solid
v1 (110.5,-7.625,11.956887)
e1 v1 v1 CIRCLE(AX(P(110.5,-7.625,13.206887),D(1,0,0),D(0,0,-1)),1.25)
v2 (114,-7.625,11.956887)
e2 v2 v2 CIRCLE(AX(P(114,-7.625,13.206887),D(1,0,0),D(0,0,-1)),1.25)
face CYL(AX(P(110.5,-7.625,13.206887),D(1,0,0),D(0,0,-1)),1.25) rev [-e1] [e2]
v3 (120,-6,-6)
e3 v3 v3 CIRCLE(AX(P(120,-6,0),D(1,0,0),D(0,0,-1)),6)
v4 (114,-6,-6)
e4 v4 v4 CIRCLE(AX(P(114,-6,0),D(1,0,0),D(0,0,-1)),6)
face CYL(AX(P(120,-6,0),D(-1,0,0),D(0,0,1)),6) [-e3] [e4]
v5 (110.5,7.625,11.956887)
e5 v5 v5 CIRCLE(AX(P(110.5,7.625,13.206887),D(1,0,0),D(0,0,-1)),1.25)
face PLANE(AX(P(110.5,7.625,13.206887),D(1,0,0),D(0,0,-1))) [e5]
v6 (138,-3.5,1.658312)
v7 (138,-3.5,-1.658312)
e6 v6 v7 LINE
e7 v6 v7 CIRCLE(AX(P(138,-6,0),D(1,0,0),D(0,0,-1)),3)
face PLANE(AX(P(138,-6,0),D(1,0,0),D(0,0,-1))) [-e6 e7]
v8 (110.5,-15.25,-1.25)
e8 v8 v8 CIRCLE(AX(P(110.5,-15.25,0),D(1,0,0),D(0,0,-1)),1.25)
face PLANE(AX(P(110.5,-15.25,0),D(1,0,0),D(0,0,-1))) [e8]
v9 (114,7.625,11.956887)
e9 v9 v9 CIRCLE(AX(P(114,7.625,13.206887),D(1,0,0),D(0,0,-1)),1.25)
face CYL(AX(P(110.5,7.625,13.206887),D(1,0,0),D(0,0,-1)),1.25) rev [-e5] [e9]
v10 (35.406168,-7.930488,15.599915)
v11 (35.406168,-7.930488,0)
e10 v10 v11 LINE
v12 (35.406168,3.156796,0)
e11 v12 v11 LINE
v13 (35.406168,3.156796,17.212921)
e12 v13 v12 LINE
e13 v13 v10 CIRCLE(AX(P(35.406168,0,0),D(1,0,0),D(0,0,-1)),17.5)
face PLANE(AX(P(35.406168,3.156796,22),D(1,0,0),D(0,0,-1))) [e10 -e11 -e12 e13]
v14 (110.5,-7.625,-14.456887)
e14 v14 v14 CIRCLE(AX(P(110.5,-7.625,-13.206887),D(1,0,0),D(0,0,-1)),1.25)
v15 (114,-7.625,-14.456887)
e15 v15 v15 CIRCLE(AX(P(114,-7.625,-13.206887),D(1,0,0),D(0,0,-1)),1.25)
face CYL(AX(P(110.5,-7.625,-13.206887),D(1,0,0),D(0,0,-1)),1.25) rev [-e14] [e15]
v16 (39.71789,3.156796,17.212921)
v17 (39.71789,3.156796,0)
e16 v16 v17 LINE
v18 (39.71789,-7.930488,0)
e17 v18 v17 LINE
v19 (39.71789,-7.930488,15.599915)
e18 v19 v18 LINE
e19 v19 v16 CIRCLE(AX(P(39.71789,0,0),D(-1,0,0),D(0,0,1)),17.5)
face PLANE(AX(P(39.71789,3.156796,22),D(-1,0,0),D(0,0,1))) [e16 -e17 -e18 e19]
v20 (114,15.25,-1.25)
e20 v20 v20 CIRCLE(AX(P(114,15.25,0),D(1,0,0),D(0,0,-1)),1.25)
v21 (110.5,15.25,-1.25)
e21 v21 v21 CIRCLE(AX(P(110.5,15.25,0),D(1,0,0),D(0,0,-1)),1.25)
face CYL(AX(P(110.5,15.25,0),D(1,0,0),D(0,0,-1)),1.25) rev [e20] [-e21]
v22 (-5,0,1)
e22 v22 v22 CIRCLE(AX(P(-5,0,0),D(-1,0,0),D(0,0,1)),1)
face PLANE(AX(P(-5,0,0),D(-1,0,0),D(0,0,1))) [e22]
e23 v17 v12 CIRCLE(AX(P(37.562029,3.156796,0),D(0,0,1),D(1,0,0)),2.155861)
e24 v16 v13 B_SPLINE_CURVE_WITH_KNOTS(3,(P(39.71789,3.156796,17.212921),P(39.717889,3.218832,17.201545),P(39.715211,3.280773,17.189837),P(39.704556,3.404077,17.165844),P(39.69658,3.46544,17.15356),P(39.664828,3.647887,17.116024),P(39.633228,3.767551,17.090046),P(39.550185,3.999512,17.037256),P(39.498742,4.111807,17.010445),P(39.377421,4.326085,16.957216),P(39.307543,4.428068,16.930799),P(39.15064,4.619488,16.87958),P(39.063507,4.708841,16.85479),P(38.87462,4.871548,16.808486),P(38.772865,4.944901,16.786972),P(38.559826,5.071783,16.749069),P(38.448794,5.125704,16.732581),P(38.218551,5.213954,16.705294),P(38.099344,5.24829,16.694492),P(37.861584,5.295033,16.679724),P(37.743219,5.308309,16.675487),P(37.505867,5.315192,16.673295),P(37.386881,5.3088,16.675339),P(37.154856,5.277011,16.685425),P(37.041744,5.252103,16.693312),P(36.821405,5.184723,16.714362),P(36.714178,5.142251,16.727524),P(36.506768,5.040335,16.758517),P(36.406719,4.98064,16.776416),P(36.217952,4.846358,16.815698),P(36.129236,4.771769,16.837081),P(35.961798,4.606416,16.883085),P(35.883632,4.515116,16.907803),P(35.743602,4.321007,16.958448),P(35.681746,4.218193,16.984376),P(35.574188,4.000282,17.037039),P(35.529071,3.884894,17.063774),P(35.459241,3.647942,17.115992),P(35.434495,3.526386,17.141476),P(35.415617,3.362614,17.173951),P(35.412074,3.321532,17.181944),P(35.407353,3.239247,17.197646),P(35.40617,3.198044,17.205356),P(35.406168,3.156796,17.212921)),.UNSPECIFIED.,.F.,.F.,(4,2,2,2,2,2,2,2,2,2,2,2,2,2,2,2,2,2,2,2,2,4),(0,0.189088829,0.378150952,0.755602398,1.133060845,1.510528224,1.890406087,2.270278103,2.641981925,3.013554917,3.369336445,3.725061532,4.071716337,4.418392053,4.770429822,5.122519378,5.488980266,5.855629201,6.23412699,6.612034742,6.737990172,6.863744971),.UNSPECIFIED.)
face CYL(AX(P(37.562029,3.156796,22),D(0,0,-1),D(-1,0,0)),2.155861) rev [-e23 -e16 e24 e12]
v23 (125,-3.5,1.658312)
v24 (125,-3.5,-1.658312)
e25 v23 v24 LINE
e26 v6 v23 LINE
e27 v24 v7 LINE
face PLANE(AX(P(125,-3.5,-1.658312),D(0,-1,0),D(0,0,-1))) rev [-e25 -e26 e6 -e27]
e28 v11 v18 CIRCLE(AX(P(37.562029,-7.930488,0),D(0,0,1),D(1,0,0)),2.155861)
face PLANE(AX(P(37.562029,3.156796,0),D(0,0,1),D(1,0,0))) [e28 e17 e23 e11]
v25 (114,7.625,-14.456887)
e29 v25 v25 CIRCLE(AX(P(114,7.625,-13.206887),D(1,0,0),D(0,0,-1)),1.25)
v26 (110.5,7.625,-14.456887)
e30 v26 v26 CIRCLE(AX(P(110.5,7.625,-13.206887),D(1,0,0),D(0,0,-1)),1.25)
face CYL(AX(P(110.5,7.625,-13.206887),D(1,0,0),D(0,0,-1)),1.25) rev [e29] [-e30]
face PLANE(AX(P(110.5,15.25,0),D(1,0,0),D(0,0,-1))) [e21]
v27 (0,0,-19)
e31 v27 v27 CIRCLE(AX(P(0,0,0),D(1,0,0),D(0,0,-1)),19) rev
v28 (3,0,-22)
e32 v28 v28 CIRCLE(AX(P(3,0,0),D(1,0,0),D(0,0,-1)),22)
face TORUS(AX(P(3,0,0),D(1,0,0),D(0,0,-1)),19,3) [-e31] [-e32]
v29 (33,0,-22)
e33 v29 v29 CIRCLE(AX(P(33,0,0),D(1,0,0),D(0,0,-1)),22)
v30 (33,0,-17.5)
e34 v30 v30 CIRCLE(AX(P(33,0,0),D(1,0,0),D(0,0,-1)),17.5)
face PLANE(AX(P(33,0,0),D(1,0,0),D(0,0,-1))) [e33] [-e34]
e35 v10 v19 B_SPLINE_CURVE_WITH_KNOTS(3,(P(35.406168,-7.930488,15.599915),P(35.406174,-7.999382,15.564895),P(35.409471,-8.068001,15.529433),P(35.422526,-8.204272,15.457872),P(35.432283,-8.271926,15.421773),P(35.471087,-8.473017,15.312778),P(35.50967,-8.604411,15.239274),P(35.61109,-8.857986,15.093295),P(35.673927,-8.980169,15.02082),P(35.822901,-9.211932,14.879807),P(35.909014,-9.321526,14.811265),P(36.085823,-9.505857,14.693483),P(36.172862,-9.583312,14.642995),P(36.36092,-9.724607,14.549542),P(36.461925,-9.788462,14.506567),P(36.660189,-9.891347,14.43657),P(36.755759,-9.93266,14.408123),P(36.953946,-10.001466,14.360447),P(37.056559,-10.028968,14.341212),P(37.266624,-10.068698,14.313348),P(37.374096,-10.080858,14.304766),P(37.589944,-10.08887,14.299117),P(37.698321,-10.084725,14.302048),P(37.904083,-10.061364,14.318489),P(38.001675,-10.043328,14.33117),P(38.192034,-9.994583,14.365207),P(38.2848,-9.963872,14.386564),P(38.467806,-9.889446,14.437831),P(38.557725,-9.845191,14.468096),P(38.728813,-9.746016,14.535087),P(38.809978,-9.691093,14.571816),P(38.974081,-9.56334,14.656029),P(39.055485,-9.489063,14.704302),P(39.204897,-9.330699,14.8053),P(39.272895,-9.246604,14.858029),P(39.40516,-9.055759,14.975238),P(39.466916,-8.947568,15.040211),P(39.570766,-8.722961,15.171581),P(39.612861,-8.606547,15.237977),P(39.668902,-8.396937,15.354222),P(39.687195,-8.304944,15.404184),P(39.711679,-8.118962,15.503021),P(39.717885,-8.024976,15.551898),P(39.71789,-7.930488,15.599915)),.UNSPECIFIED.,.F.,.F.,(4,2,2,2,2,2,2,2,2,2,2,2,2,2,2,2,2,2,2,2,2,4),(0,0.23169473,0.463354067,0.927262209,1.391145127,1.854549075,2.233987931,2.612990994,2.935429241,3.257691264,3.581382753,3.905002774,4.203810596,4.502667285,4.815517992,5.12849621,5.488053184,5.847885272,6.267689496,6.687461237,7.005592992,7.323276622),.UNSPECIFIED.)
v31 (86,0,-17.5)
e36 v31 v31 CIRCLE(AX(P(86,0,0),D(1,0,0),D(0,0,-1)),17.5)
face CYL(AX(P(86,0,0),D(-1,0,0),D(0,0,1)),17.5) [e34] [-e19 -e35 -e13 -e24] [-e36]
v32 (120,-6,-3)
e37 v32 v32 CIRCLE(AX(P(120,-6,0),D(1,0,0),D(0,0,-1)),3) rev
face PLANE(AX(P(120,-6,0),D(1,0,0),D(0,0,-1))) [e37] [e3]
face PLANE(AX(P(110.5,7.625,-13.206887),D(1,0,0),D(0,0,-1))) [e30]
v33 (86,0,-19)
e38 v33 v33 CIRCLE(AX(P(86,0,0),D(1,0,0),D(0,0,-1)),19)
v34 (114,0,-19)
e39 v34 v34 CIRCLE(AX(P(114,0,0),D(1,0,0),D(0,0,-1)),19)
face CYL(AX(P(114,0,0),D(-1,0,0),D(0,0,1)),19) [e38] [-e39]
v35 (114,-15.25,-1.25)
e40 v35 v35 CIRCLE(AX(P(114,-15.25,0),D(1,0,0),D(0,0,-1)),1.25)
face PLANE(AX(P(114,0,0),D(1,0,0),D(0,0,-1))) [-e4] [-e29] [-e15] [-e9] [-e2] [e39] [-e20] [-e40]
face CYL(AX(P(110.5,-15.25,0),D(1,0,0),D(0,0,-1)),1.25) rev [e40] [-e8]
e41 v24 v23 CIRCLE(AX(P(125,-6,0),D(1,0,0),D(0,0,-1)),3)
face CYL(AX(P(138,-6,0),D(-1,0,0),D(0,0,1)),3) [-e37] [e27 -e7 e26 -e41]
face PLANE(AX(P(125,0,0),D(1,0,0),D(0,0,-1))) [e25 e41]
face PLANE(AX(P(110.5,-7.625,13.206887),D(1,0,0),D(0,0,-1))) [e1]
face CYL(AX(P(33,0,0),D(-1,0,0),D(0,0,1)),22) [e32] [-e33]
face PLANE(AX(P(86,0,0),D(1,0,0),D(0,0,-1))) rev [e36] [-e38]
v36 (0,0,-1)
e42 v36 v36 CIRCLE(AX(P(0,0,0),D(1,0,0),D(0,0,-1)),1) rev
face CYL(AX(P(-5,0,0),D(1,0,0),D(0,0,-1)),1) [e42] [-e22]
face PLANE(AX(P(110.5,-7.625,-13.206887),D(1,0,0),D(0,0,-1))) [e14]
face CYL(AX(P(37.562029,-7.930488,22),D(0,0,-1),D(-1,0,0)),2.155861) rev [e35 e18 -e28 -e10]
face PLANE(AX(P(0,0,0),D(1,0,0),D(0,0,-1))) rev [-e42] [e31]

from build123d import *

# Parameters (mm, degrees)
SKETCH1_R           = 22
BOSS_EXTRUDE1_DEPTH = 33
SKETCH2_R           = 17.5
BOSS_EXTRUDE2_DEPTH = 53
SKETCH4_R           = 19
BOSS_EXTRUDE3_DEPTH = 28
CUT_EXTRUDE1_DEPTH  = 119.169369974
SKETCH13_R          = 1.25
CUT_EXTRUDE2_DEPTH  = 3.5
SKETCH15_R          = 6
BOSS_EXTRUDE4_DEPTH = 6
SKETCH16_R          = 3
BOSS_EXTRUDE5_DEPTH = 24
CUT_EXTRUDE3_DEPTH  = 13
FILLET1_R           = 3
SKETCH18_R          = 1
BOSS_EXTRUDE6_DEPTH = 5


with BuildPart() as part:
    # Sketch1 → Boss-Extrude1 (new body)
    with BuildSketch(Plane(origin=(0, 0, 0), x_dir=(0, 0, -1), z_dir=(1, 0, 0))):
        Circle(SKETCH1_R)
    extrude(amount=BOSS_EXTRUDE1_DEPTH)

    # Sketch2 → Boss-Extrude2 (add)
    with BuildSketch(Plane(origin=(33, 0, 0), x_dir=(0, 0, -1), z_dir=(1, 0, 0))):
        Circle(SKETCH2_R)
    extrude(amount=BOSS_EXTRUDE2_DEPTH)

    # Sketch4 → Boss-Extrude3 (add)
    with BuildSketch(Plane(origin=(86, 0, 0), x_dir=(0, 0, -1), z_dir=(1, 0, 0))):
        Circle(SKETCH4_R)
    extrude(amount=BOSS_EXTRUDE3_DEPTH)

    # Sketch12 → Cut-Extrude1 (cut, through all)
    with BuildSketch(Plane.XY):
        with BuildLine():
            Line((39.717889668, 3.156796221), (39.717889668, -7.930488068))
            ThreePointArc((39.717889668, -7.930488068), (37.562028834, -10.086348902), (35.406168, -7.930488068))
            Line((35.406168, -7.930488068), (35.406168, 3.156796221))
            ThreePointArc((35.406168, 3.156796221), (37.562028834, 5.312657055), (39.717889668, 3.156796221))
        make_face()
    extrude(amount=CUT_EXTRUDE1_DEPTH, mode=Mode.SUBTRACT)

    # Sketch13 → Cut-Extrude2 (cut)
    with BuildSketch(Plane(origin=(114, 0, 0), x_dir=(0, 0, -1), z_dir=(1, 0, 0))):
        with Locations((0, 15.25)):
            Circle(SKETCH13_R)
        with Locations((13.206887408, 7.625)):
            Circle(SKETCH13_R)
        with Locations((13.206887408, -7.625)):
            Circle(SKETCH13_R)
        with Locations((0, -15.25)):
            Circle(SKETCH13_R)
        with Locations((-13.206887408, -7.625)):
            Circle(SKETCH13_R)
        with Locations((-13.206887408, 7.625)):
            Circle(SKETCH13_R)
    extrude(amount=-CUT_EXTRUDE2_DEPTH, mode=Mode.SUBTRACT)

    # Sketch15 → Boss-Extrude4 (add)
    with BuildSketch(Plane(origin=(114, 0, 0), x_dir=(0, 0, -1), z_dir=(1, 0, 0))):
        with Locations((0, -6)):
            Circle(SKETCH15_R)
    extrude(amount=BOSS_EXTRUDE4_DEPTH)

    # Sketch16 → Boss-Extrude5 (add)
    with BuildSketch(Plane(origin=(114, 0, 0), x_dir=(0, 0, -1), z_dir=(1, 0, 0))):
        with Locations((0, -6)):
            Circle(SKETCH16_R)
    extrude(amount=BOSS_EXTRUDE5_DEPTH)

    # Sketch17 → Cut-Extrude3 (cut)
    with BuildSketch(Plane(origin=(138, 0, 0), x_dir=(0, 0, -1), z_dir=(1, 0, 0))):
        Polygon((1.658312395, -3.5), (3, -3.5), (3, -1.535610447), (1.658312395, -1.535610447), (-2.178415849, -1.535610447), (-2.178415849, -3.5), align=None)
    extrude(amount=-CUT_EXTRUDE3_DEPTH, mode=Mode.SUBTRACT)

    # Fillet1
    fillet1_edges = [part.edges().sort_by_distance(p)[0] for p in [
        (0, 0, 22),
    ]]
    fillet(fillet1_edges, radius=FILLET1_R)

    # Sketch18 → Boss-Extrude6 (add)
    with BuildSketch(Plane.ZY):
        Circle(SKETCH18_R)
    extrude(amount=BOSS_EXTRUDE6_DEPTH)


solid = part.part
